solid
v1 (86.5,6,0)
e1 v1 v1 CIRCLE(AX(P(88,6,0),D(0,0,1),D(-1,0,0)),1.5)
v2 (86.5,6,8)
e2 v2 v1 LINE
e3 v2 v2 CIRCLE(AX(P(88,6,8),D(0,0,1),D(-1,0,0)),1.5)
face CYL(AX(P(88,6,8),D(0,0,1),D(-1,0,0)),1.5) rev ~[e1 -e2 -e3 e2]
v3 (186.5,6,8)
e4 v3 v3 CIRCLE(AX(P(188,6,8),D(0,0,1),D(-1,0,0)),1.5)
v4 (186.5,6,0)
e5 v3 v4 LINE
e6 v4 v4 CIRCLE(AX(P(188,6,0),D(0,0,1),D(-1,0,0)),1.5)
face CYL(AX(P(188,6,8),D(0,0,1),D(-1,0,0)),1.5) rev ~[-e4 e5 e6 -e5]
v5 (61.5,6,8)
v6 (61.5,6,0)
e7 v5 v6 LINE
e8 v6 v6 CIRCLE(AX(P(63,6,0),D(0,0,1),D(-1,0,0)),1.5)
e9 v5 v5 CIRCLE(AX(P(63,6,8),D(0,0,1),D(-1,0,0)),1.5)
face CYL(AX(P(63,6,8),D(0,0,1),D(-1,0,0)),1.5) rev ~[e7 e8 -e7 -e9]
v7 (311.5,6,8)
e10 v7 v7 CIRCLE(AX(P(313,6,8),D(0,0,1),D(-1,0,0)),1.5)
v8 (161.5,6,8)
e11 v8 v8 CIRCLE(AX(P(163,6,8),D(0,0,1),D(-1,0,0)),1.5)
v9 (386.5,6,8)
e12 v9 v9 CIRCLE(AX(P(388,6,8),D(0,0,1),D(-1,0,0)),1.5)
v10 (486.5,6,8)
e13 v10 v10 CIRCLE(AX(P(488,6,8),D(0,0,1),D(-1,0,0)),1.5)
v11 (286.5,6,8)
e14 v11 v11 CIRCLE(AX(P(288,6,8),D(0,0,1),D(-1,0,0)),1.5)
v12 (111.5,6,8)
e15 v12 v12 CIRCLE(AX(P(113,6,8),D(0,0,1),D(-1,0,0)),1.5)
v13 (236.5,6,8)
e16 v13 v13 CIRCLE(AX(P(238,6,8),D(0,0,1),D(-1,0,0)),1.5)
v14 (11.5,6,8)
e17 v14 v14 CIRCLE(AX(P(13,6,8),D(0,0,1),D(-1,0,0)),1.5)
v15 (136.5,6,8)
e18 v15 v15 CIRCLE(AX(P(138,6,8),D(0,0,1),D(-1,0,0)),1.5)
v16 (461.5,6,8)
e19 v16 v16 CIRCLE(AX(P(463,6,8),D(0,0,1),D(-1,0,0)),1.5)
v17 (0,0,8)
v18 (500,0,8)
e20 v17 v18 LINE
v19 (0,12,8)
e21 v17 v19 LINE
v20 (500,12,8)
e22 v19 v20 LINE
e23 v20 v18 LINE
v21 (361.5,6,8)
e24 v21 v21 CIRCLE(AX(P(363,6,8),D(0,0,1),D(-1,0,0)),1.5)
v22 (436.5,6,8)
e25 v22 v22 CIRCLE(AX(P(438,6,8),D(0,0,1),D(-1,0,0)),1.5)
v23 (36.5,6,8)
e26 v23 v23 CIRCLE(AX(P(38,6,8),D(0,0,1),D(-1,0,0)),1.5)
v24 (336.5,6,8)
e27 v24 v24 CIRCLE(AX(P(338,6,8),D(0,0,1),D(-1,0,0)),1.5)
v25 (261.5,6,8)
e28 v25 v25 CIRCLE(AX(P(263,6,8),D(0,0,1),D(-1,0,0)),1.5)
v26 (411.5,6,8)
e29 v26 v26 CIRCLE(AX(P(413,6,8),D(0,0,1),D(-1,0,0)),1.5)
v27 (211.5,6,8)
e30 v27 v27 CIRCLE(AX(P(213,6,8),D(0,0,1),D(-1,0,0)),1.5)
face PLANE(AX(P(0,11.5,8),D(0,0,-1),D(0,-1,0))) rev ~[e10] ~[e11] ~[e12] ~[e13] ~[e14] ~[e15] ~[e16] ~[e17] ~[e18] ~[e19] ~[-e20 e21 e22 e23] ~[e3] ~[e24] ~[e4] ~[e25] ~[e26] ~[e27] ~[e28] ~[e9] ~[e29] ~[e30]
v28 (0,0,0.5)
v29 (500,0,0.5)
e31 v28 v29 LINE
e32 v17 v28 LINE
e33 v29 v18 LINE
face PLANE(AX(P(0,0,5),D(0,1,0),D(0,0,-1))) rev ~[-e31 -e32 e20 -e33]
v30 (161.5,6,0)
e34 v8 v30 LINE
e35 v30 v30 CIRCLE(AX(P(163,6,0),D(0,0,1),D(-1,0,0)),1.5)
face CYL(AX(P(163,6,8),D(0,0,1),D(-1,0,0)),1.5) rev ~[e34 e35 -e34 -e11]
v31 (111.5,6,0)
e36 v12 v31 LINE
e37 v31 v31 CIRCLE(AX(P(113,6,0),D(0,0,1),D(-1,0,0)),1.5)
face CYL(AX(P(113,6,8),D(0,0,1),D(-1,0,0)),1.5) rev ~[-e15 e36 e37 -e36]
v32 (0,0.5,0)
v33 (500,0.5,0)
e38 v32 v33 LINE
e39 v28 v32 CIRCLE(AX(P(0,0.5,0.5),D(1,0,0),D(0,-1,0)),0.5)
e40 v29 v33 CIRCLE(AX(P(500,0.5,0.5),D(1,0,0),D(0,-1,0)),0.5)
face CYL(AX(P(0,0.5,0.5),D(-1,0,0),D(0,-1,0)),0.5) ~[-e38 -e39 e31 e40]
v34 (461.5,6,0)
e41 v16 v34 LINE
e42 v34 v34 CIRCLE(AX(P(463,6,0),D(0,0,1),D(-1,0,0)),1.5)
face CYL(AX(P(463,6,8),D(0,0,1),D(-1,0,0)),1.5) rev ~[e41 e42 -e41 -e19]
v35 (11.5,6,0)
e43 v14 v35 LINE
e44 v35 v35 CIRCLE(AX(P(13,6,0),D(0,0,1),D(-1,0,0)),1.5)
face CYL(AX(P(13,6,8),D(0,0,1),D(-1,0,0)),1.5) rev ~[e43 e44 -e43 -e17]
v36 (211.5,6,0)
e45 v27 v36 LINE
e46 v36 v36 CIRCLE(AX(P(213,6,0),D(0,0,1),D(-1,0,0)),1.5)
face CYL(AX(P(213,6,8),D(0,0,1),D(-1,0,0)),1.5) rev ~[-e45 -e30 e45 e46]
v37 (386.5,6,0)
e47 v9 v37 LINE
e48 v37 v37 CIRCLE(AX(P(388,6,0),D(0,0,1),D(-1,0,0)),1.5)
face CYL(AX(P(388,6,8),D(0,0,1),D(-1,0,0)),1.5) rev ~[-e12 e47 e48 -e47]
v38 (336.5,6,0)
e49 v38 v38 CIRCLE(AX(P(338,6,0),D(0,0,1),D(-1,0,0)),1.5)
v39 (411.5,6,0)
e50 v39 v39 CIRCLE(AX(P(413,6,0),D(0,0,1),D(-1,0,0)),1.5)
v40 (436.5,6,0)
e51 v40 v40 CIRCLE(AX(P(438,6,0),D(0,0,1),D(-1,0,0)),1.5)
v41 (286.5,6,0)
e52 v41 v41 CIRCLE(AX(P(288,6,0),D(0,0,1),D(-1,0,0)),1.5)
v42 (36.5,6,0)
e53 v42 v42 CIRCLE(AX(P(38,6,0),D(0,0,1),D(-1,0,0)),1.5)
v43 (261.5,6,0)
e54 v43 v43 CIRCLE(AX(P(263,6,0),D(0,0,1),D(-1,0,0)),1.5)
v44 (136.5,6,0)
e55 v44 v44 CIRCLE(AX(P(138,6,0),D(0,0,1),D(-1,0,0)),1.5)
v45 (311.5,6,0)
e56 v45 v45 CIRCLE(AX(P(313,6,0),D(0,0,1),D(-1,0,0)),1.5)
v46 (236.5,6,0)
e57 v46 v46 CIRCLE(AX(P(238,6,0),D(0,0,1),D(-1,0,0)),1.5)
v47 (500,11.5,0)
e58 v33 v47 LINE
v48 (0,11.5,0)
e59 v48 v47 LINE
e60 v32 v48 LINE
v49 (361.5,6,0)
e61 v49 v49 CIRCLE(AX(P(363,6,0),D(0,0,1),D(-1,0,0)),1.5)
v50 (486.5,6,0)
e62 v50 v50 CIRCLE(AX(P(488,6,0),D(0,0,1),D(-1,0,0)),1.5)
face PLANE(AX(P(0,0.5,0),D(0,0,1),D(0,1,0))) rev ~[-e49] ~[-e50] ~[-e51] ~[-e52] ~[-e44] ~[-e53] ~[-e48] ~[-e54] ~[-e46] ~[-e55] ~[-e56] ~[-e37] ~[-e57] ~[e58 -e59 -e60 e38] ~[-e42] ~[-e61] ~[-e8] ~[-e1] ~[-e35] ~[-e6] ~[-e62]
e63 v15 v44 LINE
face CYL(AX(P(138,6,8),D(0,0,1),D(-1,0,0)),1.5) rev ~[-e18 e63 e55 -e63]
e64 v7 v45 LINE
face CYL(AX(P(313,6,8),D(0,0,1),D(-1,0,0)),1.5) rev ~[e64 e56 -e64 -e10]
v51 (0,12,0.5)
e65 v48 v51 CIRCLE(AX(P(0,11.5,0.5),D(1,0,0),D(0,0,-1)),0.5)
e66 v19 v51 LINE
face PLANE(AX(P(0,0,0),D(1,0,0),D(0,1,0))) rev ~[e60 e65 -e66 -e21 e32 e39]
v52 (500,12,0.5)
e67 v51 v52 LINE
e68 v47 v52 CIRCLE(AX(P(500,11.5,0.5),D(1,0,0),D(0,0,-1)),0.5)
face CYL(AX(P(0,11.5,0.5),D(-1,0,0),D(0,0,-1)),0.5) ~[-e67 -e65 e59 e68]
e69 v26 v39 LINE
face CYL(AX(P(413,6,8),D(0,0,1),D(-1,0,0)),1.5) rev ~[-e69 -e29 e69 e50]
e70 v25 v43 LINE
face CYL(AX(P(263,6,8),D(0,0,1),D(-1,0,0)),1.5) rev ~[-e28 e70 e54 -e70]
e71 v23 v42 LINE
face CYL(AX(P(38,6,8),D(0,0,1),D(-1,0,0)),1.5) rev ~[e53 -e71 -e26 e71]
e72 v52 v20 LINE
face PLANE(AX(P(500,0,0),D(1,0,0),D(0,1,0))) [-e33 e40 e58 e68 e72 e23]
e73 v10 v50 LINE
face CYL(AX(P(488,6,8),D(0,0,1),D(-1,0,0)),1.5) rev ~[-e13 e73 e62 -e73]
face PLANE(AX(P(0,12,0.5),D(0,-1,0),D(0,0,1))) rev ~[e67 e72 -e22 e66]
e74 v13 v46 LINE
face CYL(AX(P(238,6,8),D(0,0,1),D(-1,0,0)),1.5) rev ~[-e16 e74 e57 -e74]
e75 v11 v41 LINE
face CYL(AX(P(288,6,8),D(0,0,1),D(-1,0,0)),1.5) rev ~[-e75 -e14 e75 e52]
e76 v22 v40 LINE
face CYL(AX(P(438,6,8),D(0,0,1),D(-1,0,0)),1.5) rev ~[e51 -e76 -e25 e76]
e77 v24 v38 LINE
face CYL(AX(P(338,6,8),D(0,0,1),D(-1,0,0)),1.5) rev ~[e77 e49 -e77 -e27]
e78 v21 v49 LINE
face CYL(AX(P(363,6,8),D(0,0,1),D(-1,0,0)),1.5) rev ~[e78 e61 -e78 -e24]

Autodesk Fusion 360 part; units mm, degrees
sketch "Sketch1" plane through (0, 0, 0) normal (1, 0, 0) x (0, 1, 0)
  line L0 (0.5, 0) -> (11.5, 0)
  line L1 (12, 0.5) -> (12, 7.5)
  line L2 (11.5, 8) -> (0.5, 8)
  line L3 (0, 7.5) -> (0, 0.5)
  line L4 (0, 0) -> (0, 0.3672)
  line L5 (0, 0) -> (0, 5)
  arc A0 (11.5, 0) -> (12, 0.5) centre (11.5, 0.5) ccw
  arc A1 (0, 0.5) -> (0.5, 0) centre (0.5, 0.5) ccw
  line L6 (12, 7.5) -> (11.5, 7.5)
  line L7 (11.5, 7.5) -> (11.5, 8)
  line L8 (11.5, 8) -> (12, 8)
  line L9 (12, 8) -> (12, 7.5)
  line L10 (0.5, 8) -> (0, 8)
  line L11 (0, 8) -> (0, 7.5)
  line L12 (0, 7.5) -> (0.5, 7.5)
  line L13 (0.5, 7.5) -> (0.5, 8)
  dimension "d1" = 12
  dimension "d2" = 8
extrude "Extrude1" add sketch "Sketch1" along normal blind 500
sketch "Sketch2" plane through (0, 0, 8) normal (0, 0, 1) x (-1, 0, 0)
  line L0 (0, -12) -> (0, 0)
  line L1 (-500, 0) -> (-500, -12)
  circle A0 centre (-488, -6) radius 1.5
  circle A1 centre (-463, -6) radius 1.5
  circle A2 centre (-438, -6) radius 1.5
  circle A3 centre (-413, -6) radius 1.5
  circle A4 centre (-388, -6) radius 1.5
  circle A5 centre (-363, -6) radius 1.5
  circle A6 centre (-338, -6) radius 1.5
  circle A7 centre (-313, -6) radius 1.5
  circle A8 centre (-288, -6) radius 1.5
  circle A9 centre (-263, -6) radius 1.5
  circle A10 centre (-238, -6) radius 1.5
  circle A11 centre (-213, -6) radius 1.5
  circle A12 centre (-188, -6) radius 1.5
  circle A13 centre (-163, -6) radius 1.5
  circle A14 centre (-138, -6) radius 1.5
  circle A15 centre (-113, -6) radius 1.5
  circle A16 centre (-88, -6) radius 1.5
  circle A17 centre (-63, -6) radius 1.5
  circle A18 centre (-38, -6) radius 1.5
  circle A19 centre (-13, -6) radius 1.5
  line L2 (0, 0) -> (-500, 0)
  line L3 (-500, -12) -> (0, -12)
  dimension "d6" = 3
  dimension "d7" = 12
  dimension "d10" = 25
  dimension "d11" = 0
extrude "Extrude2" cut sketch "Sketch2" against normal blind 50 contours A0 | A1 | A2 | A3 | A4 | A5 | A6 | A7 | A8 | A9 | A10 | A11 | A12 | A13 | A14 | A15 | A16 | A17 | A18 | A19
